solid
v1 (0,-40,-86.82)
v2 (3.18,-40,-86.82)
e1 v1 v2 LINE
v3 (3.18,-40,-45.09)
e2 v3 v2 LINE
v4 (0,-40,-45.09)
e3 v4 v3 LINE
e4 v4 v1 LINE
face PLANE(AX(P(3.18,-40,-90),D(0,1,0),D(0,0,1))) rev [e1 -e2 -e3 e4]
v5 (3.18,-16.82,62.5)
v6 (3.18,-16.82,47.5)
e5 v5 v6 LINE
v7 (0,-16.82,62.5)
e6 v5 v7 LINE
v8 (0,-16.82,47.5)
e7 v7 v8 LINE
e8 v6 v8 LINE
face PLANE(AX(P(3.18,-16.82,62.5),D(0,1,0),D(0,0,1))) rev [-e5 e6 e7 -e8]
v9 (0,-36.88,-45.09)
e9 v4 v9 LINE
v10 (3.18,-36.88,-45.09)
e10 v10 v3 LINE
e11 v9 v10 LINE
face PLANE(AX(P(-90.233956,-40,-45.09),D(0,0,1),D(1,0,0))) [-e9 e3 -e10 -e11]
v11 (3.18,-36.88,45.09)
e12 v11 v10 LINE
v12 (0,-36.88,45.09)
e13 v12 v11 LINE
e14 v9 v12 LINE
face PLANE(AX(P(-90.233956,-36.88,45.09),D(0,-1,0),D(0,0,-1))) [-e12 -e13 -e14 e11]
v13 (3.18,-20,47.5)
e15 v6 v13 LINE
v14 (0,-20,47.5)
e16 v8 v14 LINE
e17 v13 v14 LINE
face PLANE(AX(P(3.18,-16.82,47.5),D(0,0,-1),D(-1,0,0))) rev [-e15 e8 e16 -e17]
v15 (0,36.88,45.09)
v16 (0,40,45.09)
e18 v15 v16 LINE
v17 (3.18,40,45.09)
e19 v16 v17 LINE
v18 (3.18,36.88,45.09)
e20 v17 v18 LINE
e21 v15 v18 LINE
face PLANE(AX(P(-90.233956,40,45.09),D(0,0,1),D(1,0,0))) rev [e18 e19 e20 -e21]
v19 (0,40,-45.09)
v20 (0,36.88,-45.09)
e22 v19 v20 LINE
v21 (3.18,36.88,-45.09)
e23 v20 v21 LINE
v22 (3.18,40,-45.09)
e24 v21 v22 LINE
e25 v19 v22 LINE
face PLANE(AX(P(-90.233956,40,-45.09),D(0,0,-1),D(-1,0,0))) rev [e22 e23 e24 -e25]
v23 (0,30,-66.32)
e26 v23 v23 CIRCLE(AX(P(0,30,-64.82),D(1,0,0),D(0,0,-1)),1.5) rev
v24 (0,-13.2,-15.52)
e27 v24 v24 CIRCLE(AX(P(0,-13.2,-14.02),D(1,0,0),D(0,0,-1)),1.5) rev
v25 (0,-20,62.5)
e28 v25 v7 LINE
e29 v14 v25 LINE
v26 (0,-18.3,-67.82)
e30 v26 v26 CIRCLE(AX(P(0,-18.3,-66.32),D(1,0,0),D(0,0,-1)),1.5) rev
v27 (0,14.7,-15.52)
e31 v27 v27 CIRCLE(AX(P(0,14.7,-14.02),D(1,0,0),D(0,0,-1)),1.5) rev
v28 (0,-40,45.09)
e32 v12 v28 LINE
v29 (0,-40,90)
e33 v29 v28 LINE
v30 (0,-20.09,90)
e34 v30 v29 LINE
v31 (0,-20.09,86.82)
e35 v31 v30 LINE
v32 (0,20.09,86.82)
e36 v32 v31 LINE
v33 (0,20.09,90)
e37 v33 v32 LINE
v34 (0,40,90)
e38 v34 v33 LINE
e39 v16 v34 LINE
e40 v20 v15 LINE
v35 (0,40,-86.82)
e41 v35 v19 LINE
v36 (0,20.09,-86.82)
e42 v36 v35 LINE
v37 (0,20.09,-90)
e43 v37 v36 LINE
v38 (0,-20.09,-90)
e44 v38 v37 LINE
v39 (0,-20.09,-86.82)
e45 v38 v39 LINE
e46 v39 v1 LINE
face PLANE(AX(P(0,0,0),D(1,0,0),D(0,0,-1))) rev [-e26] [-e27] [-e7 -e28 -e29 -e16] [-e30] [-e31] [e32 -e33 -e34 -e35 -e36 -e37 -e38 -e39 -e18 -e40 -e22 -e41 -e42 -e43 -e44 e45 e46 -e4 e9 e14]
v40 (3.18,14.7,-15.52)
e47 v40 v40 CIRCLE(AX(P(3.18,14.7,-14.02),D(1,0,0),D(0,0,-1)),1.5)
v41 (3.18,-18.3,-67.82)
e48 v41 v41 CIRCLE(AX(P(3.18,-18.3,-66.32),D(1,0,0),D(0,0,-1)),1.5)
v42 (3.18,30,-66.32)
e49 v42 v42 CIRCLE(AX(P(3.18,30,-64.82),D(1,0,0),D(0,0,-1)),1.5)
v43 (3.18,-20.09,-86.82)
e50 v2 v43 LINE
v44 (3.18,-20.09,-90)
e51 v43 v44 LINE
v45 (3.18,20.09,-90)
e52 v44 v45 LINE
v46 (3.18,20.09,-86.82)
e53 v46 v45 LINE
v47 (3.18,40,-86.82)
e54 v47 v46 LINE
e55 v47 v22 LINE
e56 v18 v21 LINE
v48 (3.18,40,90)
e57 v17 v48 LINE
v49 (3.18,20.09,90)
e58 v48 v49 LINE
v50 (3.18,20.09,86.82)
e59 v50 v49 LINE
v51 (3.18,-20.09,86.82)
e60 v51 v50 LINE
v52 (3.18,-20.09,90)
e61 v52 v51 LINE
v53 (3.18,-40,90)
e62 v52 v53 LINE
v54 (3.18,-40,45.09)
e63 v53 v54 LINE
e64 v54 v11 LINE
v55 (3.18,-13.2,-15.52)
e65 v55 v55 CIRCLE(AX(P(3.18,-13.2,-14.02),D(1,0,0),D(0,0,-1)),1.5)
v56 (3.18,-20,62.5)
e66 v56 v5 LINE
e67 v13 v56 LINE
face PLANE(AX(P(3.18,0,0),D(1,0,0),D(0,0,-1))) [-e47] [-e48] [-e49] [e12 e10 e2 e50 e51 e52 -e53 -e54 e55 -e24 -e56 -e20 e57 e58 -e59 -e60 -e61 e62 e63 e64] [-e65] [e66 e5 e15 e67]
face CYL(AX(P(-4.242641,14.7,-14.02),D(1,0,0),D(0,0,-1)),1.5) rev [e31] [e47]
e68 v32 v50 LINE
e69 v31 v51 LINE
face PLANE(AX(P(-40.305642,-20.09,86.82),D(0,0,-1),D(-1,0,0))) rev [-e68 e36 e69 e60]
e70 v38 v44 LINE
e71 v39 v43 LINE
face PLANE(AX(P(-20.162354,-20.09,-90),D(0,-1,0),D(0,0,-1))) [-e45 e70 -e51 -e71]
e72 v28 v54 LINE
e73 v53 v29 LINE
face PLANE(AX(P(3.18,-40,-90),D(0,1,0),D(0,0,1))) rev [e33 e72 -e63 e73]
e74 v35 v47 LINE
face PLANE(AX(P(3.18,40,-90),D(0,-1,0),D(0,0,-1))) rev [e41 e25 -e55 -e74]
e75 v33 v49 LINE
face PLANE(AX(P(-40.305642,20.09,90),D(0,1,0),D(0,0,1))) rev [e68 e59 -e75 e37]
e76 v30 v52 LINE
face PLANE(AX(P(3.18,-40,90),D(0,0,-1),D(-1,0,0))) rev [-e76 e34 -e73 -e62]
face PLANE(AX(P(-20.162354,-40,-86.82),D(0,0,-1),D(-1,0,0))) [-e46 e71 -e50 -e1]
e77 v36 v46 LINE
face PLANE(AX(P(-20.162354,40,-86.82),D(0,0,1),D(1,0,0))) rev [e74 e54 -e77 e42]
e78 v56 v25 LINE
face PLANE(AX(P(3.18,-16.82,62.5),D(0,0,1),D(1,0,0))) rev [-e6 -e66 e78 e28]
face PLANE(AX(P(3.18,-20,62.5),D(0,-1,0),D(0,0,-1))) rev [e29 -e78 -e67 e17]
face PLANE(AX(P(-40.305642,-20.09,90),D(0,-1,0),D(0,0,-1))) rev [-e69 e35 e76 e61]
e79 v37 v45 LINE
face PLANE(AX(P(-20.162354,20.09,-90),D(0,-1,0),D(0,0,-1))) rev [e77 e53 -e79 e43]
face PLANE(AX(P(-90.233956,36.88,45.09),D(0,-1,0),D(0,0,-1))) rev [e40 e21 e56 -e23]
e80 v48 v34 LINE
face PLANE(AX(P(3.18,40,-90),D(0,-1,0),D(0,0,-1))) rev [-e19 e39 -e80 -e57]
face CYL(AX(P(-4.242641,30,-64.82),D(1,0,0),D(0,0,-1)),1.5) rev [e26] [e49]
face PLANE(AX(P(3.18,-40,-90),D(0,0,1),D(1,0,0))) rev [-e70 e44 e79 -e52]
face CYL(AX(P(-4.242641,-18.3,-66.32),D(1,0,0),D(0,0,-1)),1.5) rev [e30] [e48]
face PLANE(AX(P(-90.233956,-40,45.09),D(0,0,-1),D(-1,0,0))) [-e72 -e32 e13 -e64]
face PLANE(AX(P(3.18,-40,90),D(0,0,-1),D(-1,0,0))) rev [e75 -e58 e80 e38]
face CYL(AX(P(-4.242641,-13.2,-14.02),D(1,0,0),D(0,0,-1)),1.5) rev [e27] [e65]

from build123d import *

# Parameters (mm, degrees)
SKETCH2_W           = 180
SKETCH2_H           = 80
BOSS_EXTRUDE1_DEPTH = 3.18
SKETCH3_W           = 3.18
SKETCH3_H           = 40.18
CUT_EXTRUDE1_DEPTH  = 3.18
SKETCH4_W           = 90.18
SKETCH4_H           = 3.12
CUT_EXTRUDE2_DEPTH  = 3.18
SKETCH5_W           = 3.18
SKETCH5_H           = 19.91
CUT_EXTRUDE3_DEPTH  = 3.18
SKETCH7_R           = 1.5
CUT_EXTRUDE4_DEPTH  = 3.18
SKETCH9_W           = 15
SKETCH9_H           = 3.18
CUT_EXTRUDE6_DEPTH  = 4.18


with BuildPart() as part:
    # Sketch2 → Boss-Extrude1 (new body)
    with BuildSketch(Plane(origin=(0, 0, 0), x_dir=(0, 0, -1), z_dir=(1, 0, 0))):
        Rectangle(SKETCH2_W, SKETCH2_H)
    extrude(amount=BOSS_EXTRUDE1_DEPTH)

    # Sketch3 → Cut-Extrude1 (cut)
    with BuildSketch(Plane(origin=(3.18, 0, 0), x_dir=(0, 0, -1), z_dir=(1, 0, 0))):
        with Locations((-88.41, 0)):
            Rectangle(SKETCH3_W, SKETCH3_H)
    extrude(amount=-CUT_EXTRUDE1_DEPTH, mode=Mode.SUBTRACT)

    # Sketch4 → Cut-Extrude2 (cut)
    with BuildSketch(Plane(origin=(3.18, 0, 0), x_dir=(0, 0, -1), z_dir=(1, 0, 0))):
        with Locations((0, 38.44)):
            Rectangle(SKETCH4_W, SKETCH4_H)
    cut_extrude2 = extrude(amount=-CUT_EXTRUDE2_DEPTH, mode=Mode.SUBTRACT)

    # Mirror1: Cut-Extrude2 across plane
    add(cut_extrude2.mirror(Plane.ZX), mode=Mode.SUBTRACT)

    # Sketch5 → Cut-Extrude3 (cut)
    with BuildSketch(Plane(origin=(3.18, 0, 0), x_dir=(0, 0, -1), z_dir=(1, 0, 0))):
        with Locations((88.41, 30.045)):
            Rectangle(SKETCH5_W, SKETCH5_H)
    cut_extrude3 = extrude(amount=-CUT_EXTRUDE3_DEPTH, mode=Mode.SUBTRACT)

    # Mirror2: Cut-Extrude3 across plane
    add(cut_extrude3.mirror(Plane.ZX), mode=Mode.SUBTRACT)

    # Sketch7 → Cut-Extrude4 (cut)
    with BuildSketch(Plane(origin=(3.18, 0, 0), x_dir=(0, 0, -1), z_dir=(1, 0, 0))):
        with Locations((64.82, 30)):
            Circle(SKETCH7_R)
        with Locations((14.02, 14.7)):
            Circle(SKETCH7_R)
        with Locations((14.02, -13.2)):
            Circle(SKETCH7_R)
        with Locations((66.32, -18.3)):
            Circle(SKETCH7_R)
    extrude(amount=-CUT_EXTRUDE4_DEPTH, mode=Mode.SUBTRACT)

    # Sketch9 → Cut-Extrude6 (cut, through all)
    with BuildSketch(Plane.ZY):
        with Locations((55, -18.41)):
            Rectangle(SKETCH9_W, SKETCH9_H)
    extrude(amount=-CUT_EXTRUDE6_DEPTH, mode=Mode.SUBTRACT)


solid = part.part
